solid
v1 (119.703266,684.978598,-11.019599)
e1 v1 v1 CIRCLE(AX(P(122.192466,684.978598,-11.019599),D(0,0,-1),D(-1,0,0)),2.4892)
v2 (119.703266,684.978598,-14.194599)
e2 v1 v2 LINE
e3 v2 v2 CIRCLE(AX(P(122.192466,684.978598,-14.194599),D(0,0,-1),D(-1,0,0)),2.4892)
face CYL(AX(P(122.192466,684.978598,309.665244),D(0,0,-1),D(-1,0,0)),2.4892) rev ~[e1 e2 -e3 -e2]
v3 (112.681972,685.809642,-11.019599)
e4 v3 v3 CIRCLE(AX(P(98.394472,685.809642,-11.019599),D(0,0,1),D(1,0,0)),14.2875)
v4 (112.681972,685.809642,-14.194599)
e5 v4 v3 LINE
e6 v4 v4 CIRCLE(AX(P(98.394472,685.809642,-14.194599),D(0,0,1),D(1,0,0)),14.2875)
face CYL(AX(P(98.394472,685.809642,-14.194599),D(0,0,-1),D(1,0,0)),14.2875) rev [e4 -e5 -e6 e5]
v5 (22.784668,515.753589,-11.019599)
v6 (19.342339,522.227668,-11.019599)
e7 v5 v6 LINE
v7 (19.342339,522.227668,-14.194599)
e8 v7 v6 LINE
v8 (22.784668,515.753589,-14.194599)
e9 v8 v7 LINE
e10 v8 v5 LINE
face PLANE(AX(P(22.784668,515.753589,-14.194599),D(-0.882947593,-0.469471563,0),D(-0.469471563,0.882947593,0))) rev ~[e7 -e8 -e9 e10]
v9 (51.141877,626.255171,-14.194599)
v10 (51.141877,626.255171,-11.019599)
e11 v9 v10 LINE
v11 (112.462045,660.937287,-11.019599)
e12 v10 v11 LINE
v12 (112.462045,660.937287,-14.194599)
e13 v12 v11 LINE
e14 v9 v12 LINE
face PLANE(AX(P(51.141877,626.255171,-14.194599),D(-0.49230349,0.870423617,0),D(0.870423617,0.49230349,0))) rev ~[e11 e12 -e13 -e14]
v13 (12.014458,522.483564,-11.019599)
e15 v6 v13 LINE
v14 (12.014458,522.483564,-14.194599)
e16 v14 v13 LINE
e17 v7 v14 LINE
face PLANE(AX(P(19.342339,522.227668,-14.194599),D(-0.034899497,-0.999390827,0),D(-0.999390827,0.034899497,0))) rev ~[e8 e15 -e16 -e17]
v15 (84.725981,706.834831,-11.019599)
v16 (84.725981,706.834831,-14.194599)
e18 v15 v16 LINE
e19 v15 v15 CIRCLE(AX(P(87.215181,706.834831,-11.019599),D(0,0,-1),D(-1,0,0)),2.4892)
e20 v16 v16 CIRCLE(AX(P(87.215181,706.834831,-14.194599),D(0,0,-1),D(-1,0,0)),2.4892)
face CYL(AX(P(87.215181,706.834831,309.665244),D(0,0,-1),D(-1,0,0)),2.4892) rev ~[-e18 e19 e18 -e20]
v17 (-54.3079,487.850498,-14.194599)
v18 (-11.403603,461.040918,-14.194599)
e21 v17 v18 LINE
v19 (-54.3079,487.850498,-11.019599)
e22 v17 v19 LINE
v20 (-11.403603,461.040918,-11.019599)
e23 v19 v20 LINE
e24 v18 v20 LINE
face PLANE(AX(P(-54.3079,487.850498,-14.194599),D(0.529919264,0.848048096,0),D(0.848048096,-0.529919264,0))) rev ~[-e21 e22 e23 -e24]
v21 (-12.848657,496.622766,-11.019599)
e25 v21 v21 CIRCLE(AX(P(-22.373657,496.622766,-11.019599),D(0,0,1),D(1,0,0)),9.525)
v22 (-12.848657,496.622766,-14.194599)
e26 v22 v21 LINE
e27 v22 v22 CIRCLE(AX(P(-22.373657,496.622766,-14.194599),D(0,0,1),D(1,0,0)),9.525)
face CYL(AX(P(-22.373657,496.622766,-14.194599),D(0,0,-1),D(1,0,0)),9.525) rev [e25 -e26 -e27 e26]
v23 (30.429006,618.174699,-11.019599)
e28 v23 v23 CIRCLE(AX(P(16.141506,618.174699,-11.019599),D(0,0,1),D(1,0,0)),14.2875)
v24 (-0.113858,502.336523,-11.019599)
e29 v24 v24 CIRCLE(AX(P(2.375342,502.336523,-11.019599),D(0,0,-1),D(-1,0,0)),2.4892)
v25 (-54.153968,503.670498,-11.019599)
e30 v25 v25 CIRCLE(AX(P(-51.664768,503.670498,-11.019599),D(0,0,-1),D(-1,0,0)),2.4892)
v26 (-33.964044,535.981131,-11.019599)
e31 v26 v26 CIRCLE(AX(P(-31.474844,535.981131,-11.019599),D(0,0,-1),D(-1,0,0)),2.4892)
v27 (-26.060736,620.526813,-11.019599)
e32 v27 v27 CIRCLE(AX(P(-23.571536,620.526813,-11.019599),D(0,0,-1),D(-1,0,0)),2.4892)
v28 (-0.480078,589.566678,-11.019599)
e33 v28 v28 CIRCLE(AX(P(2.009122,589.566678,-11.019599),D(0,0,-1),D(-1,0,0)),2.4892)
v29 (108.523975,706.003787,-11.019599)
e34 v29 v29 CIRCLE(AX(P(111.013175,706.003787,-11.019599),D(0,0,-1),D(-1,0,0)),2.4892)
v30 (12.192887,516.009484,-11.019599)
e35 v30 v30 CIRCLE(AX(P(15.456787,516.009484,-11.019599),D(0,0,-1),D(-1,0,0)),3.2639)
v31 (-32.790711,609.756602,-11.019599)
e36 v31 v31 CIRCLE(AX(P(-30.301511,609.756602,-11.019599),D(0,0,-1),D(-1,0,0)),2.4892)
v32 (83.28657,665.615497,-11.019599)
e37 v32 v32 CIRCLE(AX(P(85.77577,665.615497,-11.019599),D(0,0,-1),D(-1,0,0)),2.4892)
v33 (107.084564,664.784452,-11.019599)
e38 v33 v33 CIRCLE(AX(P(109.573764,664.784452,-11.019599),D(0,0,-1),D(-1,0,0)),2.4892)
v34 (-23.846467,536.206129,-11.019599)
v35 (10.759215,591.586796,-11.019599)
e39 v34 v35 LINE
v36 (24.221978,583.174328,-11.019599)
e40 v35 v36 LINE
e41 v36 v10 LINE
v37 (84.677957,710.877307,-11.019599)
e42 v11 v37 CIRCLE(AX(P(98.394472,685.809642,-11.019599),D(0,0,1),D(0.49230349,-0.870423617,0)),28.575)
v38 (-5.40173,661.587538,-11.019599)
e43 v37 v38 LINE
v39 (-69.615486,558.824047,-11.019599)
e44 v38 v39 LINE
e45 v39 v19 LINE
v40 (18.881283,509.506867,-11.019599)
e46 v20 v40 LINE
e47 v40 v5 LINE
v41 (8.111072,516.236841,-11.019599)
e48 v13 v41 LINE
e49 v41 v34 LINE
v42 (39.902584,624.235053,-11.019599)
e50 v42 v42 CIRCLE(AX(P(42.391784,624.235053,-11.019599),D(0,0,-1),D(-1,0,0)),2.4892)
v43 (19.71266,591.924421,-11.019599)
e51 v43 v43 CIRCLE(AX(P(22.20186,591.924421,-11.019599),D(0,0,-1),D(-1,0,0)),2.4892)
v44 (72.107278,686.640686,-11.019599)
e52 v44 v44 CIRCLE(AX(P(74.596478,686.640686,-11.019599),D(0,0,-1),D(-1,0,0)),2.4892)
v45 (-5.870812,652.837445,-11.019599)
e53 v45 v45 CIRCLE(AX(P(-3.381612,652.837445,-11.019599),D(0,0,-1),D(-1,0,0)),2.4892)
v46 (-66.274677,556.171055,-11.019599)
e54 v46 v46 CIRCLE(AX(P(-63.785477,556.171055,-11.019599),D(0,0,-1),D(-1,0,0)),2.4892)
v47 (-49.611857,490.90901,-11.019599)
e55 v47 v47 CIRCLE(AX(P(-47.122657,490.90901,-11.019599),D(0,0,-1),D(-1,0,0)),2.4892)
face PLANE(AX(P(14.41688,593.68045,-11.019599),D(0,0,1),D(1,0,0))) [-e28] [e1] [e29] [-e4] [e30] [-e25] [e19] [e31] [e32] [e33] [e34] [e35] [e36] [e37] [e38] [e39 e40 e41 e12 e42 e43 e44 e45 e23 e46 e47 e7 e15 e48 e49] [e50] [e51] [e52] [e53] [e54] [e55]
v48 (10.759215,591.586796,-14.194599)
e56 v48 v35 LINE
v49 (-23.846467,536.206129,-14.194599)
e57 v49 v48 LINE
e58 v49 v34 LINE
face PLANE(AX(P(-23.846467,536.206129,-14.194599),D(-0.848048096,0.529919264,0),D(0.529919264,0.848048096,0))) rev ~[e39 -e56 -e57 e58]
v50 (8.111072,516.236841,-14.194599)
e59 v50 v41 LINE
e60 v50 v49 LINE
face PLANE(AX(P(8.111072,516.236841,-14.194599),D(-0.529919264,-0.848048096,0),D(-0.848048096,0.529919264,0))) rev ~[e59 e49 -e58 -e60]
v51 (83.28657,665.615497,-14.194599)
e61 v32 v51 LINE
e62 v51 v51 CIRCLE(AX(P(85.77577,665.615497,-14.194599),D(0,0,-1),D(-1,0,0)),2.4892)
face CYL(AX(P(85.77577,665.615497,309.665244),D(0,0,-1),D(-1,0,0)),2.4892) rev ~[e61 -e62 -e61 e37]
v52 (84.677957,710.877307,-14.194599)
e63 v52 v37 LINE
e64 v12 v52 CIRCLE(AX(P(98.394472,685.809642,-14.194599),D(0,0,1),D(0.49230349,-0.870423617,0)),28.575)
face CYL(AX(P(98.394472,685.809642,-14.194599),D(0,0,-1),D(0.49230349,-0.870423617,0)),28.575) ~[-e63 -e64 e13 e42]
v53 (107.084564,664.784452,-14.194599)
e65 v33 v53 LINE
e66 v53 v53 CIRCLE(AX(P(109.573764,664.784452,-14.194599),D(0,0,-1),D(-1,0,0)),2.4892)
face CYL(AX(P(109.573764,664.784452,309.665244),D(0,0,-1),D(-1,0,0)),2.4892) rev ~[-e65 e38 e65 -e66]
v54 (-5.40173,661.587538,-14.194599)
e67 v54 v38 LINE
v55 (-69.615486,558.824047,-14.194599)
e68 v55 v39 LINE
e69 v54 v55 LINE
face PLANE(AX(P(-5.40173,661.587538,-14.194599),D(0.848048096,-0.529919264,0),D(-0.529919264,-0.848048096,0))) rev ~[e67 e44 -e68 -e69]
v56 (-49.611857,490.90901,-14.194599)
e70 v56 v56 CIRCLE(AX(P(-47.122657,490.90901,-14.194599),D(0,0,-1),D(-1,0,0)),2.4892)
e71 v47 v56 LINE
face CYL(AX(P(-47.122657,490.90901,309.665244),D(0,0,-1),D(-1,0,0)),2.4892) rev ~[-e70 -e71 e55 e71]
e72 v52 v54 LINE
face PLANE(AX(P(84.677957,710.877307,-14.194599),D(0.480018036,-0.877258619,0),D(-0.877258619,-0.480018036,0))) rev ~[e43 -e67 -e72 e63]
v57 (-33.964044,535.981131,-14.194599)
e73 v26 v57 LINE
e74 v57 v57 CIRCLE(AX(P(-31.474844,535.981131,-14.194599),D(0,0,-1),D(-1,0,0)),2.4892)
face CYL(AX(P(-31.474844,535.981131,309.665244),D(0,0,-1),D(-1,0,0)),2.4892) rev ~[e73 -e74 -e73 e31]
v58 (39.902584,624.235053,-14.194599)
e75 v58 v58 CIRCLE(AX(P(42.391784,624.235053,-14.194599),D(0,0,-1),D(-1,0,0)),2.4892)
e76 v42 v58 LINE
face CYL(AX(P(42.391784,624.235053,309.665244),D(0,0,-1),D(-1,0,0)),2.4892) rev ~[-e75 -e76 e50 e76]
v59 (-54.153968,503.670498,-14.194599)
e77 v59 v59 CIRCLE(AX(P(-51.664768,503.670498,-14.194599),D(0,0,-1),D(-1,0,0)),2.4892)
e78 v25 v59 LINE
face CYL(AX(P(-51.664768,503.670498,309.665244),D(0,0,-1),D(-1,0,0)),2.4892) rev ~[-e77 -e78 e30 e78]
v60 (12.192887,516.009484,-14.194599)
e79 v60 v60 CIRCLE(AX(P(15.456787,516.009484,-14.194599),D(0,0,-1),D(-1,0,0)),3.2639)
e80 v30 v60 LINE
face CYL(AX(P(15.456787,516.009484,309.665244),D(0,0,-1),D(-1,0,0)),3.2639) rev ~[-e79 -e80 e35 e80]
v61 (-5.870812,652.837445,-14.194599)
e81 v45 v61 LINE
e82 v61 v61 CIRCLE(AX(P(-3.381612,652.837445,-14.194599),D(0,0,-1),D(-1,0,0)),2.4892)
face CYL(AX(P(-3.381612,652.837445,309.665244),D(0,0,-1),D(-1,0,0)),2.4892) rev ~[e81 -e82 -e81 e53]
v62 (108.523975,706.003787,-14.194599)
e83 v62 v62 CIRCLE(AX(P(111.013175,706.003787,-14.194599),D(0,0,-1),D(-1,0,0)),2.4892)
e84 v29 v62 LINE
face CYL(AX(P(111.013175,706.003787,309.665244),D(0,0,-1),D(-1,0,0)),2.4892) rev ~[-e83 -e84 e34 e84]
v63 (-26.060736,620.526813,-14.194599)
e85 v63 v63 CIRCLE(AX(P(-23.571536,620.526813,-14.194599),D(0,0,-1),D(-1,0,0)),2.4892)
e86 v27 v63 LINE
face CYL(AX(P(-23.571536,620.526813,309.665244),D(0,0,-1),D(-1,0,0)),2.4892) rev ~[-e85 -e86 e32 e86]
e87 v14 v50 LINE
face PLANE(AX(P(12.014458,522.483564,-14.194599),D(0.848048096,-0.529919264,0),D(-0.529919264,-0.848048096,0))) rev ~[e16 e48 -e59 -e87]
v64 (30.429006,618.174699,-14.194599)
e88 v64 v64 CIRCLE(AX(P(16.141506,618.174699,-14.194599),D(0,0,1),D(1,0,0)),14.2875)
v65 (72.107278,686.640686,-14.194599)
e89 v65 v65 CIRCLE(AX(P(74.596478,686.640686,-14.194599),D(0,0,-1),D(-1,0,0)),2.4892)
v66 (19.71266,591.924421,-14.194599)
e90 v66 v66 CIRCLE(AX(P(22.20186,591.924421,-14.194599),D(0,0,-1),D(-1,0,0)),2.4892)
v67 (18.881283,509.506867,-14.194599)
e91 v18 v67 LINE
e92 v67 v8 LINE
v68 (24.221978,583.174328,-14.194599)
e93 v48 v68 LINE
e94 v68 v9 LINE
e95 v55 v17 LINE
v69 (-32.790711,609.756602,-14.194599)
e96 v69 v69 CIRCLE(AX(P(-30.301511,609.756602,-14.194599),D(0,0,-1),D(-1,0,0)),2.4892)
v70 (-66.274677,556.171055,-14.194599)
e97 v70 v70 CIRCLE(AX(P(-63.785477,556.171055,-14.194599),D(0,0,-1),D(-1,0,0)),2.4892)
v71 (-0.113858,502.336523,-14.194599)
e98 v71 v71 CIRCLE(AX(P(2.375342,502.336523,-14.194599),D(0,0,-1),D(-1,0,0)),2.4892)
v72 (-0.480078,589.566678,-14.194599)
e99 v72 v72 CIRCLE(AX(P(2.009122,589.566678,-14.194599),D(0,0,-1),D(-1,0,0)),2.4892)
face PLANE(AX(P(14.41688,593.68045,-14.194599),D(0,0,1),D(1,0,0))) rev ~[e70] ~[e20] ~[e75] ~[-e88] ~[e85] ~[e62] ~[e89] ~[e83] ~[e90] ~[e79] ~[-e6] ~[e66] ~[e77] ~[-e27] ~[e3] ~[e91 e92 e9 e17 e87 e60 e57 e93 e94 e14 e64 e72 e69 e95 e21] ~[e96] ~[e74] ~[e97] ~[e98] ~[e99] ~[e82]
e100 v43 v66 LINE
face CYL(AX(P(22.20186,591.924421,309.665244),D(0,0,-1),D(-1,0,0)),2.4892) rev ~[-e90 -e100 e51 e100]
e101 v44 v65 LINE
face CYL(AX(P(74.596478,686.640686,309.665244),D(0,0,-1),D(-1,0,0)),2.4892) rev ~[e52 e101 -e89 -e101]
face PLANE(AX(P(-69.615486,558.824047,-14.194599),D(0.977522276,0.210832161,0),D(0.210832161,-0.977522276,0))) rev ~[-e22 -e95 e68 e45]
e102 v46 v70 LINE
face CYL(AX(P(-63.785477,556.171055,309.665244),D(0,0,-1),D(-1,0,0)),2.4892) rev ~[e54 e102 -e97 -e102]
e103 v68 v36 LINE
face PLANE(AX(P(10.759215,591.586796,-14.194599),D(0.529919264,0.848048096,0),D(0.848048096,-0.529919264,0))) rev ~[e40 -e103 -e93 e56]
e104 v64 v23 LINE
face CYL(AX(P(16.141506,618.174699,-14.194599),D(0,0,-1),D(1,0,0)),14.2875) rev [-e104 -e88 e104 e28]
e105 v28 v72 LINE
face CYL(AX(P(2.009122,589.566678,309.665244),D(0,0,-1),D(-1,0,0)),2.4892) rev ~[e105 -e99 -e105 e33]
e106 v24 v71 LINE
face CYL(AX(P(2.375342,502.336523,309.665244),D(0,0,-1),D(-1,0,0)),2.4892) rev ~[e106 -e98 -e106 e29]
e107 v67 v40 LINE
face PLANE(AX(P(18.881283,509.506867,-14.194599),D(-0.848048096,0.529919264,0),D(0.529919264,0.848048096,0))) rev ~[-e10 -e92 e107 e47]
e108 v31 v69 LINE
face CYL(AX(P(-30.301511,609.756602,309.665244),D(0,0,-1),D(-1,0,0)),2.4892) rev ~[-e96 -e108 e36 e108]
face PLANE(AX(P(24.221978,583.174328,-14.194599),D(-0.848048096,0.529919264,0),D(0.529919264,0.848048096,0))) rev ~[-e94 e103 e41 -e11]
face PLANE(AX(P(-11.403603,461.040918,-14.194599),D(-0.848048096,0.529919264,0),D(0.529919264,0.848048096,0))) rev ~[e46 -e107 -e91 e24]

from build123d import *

# Parameters (mm, degrees)
SKETCH1_R               = 14.2875
SKETCH1_R_2             = 9.525
BOSS_EXTRUDE1_DEPTH     = 3.175
F_10_CLEARANCE_HOLE2_D  = 4.9784
F_10_CLEARANCE_HOLE3_D  = 4.9784
F_1_4_CLEARANCE_HOLE1_D = 6.5278


with BuildPart() as part:
    # Sketch1 → Boss-Extrude1 (new body)
    with BuildSketch(Plane.XY.offset(-14.194599474)):
        with BuildLine():
            Line((-11.403602879, 461.040918113), (18.881283072, 509.506866808))
            Line((18.881283072, 509.506866808), (22.784668372, 515.753589084))
            Line((22.784668372, 515.753589084), (19.342339301, 522.227668471))
            Line((19.342339301, 522.227668471), (12.014457551, 522.48356374))
            Line((12.014457551, 522.48356374), (8.11107225, 516.236841464))
            Line((8.11107225, 516.236841464), (-23.846467356, 536.206128526))
            Line((-23.846467356, 536.206128526), (10.759214603, 591.586796266))
            Line((10.759214603, 591.586796266), (24.22197813, 583.174327946))
            Line((24.22197813, 583.174327946), (51.141876753, 626.255171231))
            Line((51.141876753, 626.255171231), (112.462044501, 660.93728694))
            ThreePointArc((112.462044501, 660.93728694), (123.365099157, 699.702028841), (84.677956887, 710.877306848))
            Line((84.677956887, 710.877306848), (-5.401730059, 661.587538174))
            Line((-5.401730059, 661.587538174), (-69.615486106, 558.824047132))
            Line((-69.615486106, 558.824047132), (-54.307899735, 487.850498283))
            Line((-54.307899735, 487.850498283), (-11.403602879, 461.040918113))
        make_face()
        with Locations((16.14150623, 618.174698631)):
            Circle(SKETCH1_R, mode=Mode.SUBTRACT)
        with Locations((-22.373657227, 496.622766323)):
            Circle(SKETCH1_R_2, mode=Mode.SUBTRACT)
        with Locations((98.394472266, 685.809641802)):
            Circle(SKETCH1_R, mode=Mode.SUBTRACT)
    extrude(amount=BOSS_EXTRUDE1_DEPTH)

    # #10 Clearance Hole2 (through all)
    with Locations(Plane.XY.offset(-11.019599474)):
        with Locations((2.375342418, 502.336523103), (-47.122656873, 490.909009542), (-3.381611976, 652.837445435), (42.391784014, 624.235053148), (22.201860047, 591.924420685), (-23.571535943, 620.526812972), (-31.474844299, 535.981130963), (-63.785476762, 556.17105493), (-51.664768266, 503.670498499), (2.009121865, 589.566678183), (-30.301510599, 609.756602151)):
            Hole(F_10_CLEARANCE_HOLE2_D / 2)

    # #10 Clearance Hole3 (through all)
    with Locations(Plane.XY.offset(-11.019599474)):
        with Locations((111.013174745, 706.003787092), (122.192466334, 684.978597537), (109.573763855, 664.784452247), (85.775769786, 665.615496512), (74.596478197, 686.640686067), (87.215180677, 706.834831357)):
            Hole(F_10_CLEARANCE_HOLE3_D / 2)

    # 1/4 Clearance Hole1 (through all)
    with Locations(Plane.XY.offset(-11.019599474)):
        with Locations((15.456786622, 516.009484354)):
            Hole(F_1_4_CLEARANCE_HOLE1_D / 2)


solid = part.part
